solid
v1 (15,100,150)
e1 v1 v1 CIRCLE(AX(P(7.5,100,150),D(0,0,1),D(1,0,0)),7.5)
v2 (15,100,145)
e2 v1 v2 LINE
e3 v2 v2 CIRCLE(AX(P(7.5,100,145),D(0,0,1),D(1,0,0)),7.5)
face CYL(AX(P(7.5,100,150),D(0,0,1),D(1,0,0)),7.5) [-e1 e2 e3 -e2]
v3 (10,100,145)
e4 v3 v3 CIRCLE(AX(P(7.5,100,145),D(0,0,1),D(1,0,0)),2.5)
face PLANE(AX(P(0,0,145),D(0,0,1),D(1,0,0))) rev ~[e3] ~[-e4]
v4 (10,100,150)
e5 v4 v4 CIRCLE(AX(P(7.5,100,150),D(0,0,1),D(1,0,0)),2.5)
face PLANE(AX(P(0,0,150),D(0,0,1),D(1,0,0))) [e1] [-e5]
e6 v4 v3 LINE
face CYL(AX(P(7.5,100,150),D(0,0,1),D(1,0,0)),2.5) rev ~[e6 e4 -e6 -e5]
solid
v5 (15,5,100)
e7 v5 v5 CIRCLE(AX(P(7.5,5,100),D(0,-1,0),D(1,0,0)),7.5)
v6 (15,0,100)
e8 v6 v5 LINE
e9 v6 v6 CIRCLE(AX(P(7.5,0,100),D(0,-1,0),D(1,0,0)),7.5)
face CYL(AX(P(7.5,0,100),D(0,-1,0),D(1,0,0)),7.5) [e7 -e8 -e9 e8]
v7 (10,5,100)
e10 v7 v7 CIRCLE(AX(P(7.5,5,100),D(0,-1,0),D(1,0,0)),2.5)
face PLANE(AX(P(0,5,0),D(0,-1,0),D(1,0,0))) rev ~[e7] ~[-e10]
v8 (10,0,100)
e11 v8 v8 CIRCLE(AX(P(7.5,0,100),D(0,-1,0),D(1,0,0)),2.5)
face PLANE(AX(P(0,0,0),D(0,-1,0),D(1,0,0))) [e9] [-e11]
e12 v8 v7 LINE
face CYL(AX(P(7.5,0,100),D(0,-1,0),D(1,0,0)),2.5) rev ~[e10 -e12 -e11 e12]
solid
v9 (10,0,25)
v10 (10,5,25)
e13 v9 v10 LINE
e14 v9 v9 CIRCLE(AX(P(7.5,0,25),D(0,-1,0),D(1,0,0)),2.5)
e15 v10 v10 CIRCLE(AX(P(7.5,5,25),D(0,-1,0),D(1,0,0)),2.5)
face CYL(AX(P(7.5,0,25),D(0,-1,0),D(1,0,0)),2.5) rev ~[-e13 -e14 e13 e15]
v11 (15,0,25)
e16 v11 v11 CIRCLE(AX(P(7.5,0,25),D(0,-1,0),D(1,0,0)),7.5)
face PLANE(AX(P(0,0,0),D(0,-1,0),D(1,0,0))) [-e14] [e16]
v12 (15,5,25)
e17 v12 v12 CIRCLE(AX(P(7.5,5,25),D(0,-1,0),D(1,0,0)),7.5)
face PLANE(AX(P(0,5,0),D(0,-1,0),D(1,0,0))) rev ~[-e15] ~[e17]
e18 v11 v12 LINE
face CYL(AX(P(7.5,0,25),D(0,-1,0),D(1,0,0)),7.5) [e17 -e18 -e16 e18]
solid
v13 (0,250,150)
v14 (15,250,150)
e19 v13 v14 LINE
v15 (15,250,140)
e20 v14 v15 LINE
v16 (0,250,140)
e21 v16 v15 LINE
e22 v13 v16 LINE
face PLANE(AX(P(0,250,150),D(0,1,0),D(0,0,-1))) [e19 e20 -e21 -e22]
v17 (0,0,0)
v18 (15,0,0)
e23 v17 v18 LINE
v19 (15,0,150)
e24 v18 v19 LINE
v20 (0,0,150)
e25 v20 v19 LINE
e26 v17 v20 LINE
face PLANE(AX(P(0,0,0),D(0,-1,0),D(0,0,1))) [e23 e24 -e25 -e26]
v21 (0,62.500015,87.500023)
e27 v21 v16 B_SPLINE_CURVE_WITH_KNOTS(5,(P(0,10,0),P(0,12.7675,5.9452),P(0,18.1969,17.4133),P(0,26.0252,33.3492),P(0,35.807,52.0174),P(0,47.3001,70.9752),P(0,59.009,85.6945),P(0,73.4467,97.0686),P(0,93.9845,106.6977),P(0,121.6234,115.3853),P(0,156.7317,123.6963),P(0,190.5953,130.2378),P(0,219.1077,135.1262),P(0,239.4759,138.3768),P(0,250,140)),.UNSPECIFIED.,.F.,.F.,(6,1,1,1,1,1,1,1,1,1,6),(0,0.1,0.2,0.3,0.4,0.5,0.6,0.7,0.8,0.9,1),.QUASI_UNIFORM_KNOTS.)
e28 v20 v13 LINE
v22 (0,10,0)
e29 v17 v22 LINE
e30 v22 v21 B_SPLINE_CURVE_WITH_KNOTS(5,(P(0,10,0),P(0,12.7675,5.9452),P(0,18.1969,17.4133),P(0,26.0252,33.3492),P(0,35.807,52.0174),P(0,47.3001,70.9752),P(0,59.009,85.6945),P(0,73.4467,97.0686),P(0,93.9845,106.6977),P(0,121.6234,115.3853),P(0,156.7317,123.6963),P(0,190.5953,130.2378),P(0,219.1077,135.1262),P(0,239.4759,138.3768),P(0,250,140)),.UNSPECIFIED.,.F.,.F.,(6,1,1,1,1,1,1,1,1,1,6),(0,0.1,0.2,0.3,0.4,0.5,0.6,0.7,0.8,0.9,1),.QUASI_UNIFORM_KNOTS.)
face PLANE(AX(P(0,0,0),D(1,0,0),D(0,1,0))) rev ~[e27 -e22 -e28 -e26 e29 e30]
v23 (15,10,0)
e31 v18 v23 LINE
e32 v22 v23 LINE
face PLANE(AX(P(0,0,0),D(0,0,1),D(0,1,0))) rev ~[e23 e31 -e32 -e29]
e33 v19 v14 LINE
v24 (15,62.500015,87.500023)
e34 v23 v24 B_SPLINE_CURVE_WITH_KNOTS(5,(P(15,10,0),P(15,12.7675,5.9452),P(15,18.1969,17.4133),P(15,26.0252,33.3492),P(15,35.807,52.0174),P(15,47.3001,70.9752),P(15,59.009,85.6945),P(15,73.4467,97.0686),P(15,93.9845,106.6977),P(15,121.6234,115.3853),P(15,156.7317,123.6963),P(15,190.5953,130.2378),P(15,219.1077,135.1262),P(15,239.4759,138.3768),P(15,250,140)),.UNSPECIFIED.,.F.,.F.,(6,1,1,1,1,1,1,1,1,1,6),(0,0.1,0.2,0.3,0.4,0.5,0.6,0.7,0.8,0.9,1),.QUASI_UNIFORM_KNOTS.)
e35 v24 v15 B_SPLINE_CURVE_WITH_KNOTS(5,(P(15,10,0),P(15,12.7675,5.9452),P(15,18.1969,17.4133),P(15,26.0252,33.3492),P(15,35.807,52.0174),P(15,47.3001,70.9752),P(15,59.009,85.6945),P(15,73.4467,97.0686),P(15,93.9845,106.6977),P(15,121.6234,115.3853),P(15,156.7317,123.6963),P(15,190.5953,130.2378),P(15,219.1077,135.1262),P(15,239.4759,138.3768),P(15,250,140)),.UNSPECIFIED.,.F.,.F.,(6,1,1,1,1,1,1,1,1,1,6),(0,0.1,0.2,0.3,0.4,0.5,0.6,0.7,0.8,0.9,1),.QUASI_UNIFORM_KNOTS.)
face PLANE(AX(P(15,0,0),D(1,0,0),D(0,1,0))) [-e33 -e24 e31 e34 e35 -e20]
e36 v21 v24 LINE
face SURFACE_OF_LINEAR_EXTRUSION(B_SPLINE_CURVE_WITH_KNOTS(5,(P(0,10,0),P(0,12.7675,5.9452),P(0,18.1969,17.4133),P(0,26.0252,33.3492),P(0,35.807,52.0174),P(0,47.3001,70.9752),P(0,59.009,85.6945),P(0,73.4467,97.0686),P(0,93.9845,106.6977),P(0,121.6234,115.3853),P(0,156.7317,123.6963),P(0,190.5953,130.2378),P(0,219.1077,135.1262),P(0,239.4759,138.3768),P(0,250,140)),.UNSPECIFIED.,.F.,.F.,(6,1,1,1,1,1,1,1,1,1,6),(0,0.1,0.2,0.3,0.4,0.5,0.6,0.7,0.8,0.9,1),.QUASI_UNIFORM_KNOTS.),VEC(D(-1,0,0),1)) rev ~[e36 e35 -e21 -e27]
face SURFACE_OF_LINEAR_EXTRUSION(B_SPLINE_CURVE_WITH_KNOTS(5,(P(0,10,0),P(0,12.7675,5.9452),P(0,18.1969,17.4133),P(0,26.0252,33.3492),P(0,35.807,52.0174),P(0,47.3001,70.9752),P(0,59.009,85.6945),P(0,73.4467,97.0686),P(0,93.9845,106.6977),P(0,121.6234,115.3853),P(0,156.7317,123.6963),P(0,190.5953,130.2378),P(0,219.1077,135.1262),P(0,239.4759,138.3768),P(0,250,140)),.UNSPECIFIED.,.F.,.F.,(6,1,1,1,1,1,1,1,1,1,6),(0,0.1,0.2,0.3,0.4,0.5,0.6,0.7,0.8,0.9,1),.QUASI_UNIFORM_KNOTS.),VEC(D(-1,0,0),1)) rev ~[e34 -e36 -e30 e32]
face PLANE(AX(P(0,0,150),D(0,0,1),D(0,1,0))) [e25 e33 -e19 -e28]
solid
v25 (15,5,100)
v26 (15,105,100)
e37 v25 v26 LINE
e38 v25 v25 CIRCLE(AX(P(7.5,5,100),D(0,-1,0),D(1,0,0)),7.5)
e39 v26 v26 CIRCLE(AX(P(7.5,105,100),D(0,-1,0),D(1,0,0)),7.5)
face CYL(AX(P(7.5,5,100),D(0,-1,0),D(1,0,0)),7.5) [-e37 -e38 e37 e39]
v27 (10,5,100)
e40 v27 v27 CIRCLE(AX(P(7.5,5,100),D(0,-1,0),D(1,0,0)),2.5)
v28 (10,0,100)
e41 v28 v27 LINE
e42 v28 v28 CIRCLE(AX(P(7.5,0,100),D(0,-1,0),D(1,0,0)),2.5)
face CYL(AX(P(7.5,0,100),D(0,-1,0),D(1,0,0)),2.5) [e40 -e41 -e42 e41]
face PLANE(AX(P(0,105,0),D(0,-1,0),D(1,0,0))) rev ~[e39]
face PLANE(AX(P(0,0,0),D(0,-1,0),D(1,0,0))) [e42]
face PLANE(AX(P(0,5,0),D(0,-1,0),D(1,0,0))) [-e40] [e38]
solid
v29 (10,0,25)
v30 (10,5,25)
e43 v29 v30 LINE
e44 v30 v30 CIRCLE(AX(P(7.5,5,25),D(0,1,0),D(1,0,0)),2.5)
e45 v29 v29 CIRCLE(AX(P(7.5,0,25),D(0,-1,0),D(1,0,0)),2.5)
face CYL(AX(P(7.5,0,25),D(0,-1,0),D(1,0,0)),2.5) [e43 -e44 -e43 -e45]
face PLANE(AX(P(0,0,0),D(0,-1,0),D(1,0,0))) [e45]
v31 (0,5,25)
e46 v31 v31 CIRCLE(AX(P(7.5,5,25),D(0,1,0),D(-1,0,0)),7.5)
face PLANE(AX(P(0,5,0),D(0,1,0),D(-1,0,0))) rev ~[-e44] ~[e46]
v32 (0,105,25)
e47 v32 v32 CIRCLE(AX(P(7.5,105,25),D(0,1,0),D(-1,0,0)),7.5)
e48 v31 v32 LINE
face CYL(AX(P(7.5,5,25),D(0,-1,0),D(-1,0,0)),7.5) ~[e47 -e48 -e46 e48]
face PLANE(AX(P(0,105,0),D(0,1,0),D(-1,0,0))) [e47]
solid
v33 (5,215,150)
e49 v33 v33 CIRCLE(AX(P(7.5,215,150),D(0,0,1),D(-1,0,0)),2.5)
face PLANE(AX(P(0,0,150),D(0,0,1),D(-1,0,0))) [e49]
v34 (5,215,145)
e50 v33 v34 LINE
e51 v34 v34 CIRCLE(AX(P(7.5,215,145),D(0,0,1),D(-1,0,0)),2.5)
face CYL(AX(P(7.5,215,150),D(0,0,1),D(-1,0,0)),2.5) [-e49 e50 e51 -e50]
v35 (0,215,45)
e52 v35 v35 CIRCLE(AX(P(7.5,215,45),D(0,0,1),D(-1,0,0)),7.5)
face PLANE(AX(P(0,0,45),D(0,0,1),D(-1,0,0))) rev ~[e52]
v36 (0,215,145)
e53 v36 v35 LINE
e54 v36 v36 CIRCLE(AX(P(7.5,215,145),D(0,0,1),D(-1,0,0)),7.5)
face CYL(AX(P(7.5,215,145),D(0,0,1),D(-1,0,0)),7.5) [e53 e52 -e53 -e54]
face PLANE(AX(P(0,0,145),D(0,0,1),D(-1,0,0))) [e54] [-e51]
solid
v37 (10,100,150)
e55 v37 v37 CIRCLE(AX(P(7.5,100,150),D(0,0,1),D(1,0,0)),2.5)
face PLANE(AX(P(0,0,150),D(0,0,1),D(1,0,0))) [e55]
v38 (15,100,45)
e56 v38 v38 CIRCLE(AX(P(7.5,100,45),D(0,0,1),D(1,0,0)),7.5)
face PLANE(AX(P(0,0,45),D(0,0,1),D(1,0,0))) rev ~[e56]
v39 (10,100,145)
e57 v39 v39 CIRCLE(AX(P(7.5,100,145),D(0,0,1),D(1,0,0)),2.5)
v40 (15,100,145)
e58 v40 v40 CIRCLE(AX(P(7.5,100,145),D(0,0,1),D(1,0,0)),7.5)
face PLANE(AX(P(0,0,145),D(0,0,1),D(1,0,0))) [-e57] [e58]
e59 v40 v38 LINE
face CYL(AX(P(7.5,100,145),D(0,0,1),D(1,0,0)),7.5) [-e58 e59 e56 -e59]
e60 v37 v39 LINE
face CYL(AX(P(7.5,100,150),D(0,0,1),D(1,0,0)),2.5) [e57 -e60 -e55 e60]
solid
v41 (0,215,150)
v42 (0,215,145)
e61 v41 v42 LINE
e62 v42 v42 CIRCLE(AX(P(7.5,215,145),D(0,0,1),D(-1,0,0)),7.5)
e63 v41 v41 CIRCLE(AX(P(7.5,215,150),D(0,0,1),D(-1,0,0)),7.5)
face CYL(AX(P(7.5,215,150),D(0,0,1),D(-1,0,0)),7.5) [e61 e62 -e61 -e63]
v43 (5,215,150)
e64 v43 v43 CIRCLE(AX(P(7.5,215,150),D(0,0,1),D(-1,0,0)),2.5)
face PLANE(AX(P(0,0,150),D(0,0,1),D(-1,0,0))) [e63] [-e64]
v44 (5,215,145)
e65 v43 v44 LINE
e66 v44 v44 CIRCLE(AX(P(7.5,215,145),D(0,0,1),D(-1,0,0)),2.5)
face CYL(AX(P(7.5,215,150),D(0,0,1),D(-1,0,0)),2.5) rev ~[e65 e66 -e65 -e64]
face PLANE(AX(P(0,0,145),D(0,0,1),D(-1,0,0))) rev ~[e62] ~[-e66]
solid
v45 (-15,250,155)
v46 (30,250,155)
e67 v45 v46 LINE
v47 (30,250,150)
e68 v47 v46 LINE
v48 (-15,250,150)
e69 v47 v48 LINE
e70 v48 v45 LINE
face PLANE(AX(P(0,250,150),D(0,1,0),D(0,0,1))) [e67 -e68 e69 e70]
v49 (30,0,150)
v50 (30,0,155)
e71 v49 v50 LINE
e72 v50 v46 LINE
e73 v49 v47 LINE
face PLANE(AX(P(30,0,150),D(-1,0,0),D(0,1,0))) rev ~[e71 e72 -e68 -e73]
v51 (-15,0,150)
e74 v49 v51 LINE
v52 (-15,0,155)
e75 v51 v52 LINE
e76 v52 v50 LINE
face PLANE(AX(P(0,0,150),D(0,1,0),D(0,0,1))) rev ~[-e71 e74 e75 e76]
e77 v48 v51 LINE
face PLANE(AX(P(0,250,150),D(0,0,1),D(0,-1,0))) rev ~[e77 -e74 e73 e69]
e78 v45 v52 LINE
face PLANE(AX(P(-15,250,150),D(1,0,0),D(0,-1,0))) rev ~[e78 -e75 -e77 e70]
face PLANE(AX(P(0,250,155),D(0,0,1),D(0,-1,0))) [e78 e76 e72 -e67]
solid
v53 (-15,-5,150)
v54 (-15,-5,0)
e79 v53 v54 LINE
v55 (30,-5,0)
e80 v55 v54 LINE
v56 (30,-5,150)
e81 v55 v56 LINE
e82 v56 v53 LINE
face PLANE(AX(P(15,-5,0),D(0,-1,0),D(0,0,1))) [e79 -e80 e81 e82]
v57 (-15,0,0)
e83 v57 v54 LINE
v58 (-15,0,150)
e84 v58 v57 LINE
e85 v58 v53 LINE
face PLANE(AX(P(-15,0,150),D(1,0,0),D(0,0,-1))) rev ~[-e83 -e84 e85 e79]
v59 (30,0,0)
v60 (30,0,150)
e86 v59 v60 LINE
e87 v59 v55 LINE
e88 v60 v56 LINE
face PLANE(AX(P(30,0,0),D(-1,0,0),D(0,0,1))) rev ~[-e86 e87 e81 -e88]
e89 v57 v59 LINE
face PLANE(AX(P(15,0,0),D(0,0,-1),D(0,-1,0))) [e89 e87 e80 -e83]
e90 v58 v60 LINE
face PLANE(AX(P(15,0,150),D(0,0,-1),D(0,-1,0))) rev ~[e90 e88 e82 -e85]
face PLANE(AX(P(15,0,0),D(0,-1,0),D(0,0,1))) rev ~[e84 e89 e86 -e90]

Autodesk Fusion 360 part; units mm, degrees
sketch "Sketch1" plane through (0, 0, 0) normal (1, 0, 0) x (0, 1, 0)
  line L0 (0, 0) -> (0, 150)
  line L1 (0, 150) -> (250, 150)
  line L2 (0, 150) -> (125, 25) construction
  line L3 (250, 150) -> (250, 140)
  line L4 (0, 0) -> (10, 0)
  spline S0 degree 5 poles (10, 0) (12.7675, 5.9452) (18.1969, 17.4133) (26.0252, 33.3492) (35.807, 52.0174) (47.3001, 70.9752) (59.009, 85.6945) (73.4467, 97.0686) (93.9845, 106.6977) (121.6234, 115.3853) (156.7317, 123.6963) (190.5953, 130.2378) (219.1077, 135.1262) (239.4759, 138.3768) (250, 140) knots 0 0 0 0 0 0 0.1 0.2 0.3 0.4 0.5 0.6 0.7 0.8 0.9 1 1 1 1 1 1
  line L5 (47.5613, 74.1192) -> (77.4387, 100.8808)
  point P0 (62.5, 87.5)
  dimension "d1" = 150
  dimension "d2" = 250
extrude "Extrude1" add sketch "Sketch1" along normal blind 15 makes body 1
sketch "Sketch2" plane through (0, 0, 150) normal (0, 0, 1) x (-1, 0, 0)
  line L0 (0, -250) -> (0, 0)
  line L1 (0, 0) -> (-15, 0)
  line L2 (-15, 0) -> (-15, -250)
  line L3 (-15, -250) -> (0, -250)
  line L4 (0, 0) -> (-15, 0)
  line L5 (-15, 0) -> (-15, -250)
  line L6 (0, -250) -> (0, 0)
  line L7 (0, -250) -> (-15, -250)
sketch "Sketch3" plane through (0, 0, 0) normal (0, -1, 0) x (1, 0, 0)
  line L0 (0, 150) -> (0, 0)
  line L1 (0, 0) -> (15, 0)
  line L2 (15, 0) -> (15, 150)
  line L3 (15, 150) -> (0, 150)
  line L4 (0, 150) -> (15, 150)
  line L5 (15, 0) -> (0, 0)
  line L6 (15, 150) -> (15, 0)
sketch "Sketch4" plane through (0, 0, 150) normal (0, 0, 1) x (-1, 0, 0)
  circle A0 centre (-7.5, -215) radius 7.5
  circle A1 centre (-7.5, -215) radius 2.5
sketch "Sketch8" plane through (0, 0, 150) normal (0, 0, 1) x (1, 0, 0)
  circle A0 centre (7.5, 100) radius 7.5
  circle A1 centre (7.5, 100) radius 2.5
extrude "Extrude2" add sketch "Sketch4" against normal blind 5 separate body makes body 2
extrude "Extrude3" add sketch "Sketch8" against normal blind 5 separate body makes body 3
sketch "Sketch9" plane through (0, 0, 0) normal (0, -1, 0) x (1, 0, 0)
  circle A0 centre (7.5, 25) radius 7.5
  circle A1 centre (7.5, 25) radius 2.5
  circle A2 centre (7.5, 100) radius 7.5
  circle A3 centre (7.5, 100) radius 2.5
  dimension "d10" = 15
extrude "Extrude4" add sketch "Sketch9" against normal blind 5 separate body contours A0 makes body 4
extrude "Extrude5" add sketch "Sketch9" against normal blind 5 separate body contours A2 makes body 5
extrude "Extrude1'" add sketch "Sketch3" along normal blind 5 separate body makes body 6 in component "Vägg"
extrude "Extrude2'" add 1 faces at (0, -1.6667, 100) along direction (-1, 0, 0) blind 15 on bodies 6 bodies 6 in component "Vägg"
extrude "Extrude3'" add 1 faces at (15, -1.6667, 50) along direction (1, 0, 0) blind 15 on bodies 6 bodies 6 in component "Vägg"
extrude "Extrude1''" add sketch "Sketch2" along normal blind 5 separate body makes body 7 in component "Hyllplan"
extrude "Extrude2''" add 1 faces at (15, 83.3333, 151.6667) along direction (1, 0, 0) blind 15 on bodies 7 bodies 7 in component "Hyllplan"
extrude "Extrude3''" add 1 faces at (0, 166.6667, 151.6667) along direction (-1, 0, 0) blind 15 on bodies 7 bodies 7 in component "Hyllplan"
sketch "Sketch10" plane through (0, 5, 0) normal (0, 1, 0) x (-1, 0, 0)
  circle A0 centre (-7.5, 25) radius 2.5
  circle A1 centre (-7.5, 25) radius 7.5
  circle A2 centre (-7.5, 25) radius 7.5
extrude "Extrude1'''" add sketch "Sketch10" along normal blind 100 separate body makes body 8 in component "SkruvClearance"
extrude "Extrude2'''" add sketch "Sketch9" against normal blind 105 contours A1 bodies 8 in component "SkruvClearance"
extrude "Extrude1''''" add 1 faces at (13.2961, 5, 99.5032) along direction (0, 1, 0) blind 100 separate body on bodies 5 makes body 9 in component "SkruvClearance (1)"
extrude "Extrude2''''" add sketch "Sketch9" against normal blind 105 contours A3 bodies 9 in component "SkruvClearance (1)"
extrude "Extrude1'''''" add 1 faces at (13.2961, 99.5032, 145) along direction (0, 0, -1) blind 100 separate body on bodies 3 makes body 10 in component "SkruvClearance (2)"
extrude "Extrude2'''''" add sketch "Sketch8" against normal blind 105 contours A1 bodies 10 in component "SkruvClearance (2)"
extrude "Extrude1''''''" add 1 faces at (1.8427, 213.6449, 145) along direction (0, 0, -1) blind 100 separate body on bodies 2 makes body 11 in component "SkruvClearance (3)"
extrude "Extrude2''''''" add sketch "Sketch4" against normal blind 105 contours A1 bodies 11 in component "SkruvClearance (3)"
component "Vägg" placed x (1, 0, 0) y (0, 1, 0) z (0, 0, 1) at (0, 0, 0)
component "Hyllplan" placed x (1, 0, 0) y (0, 1, 0) z (0, 0, 1) at (0, 0, 0)
component "SkruvClearance" placed x (1, 0, 0) y (0, 1, 0) z (0, 0, 1) at (0, 0, 0)
component "SkruvClearance (1)" placed x (1, 0, 0) y (0, 1, 0) z (0, 0, 1) at (0, 0, 0)
component "SkruvClearance (2)" placed x (1, 0, 0) y (0, 1, 0) z (0, 0, 1) at (0, 0, 0)
component "SkruvClearance (3)" placed x (1, 0, 0) y (0, 1, 0) z (0, 0, 1) at (0, 0, 0)
